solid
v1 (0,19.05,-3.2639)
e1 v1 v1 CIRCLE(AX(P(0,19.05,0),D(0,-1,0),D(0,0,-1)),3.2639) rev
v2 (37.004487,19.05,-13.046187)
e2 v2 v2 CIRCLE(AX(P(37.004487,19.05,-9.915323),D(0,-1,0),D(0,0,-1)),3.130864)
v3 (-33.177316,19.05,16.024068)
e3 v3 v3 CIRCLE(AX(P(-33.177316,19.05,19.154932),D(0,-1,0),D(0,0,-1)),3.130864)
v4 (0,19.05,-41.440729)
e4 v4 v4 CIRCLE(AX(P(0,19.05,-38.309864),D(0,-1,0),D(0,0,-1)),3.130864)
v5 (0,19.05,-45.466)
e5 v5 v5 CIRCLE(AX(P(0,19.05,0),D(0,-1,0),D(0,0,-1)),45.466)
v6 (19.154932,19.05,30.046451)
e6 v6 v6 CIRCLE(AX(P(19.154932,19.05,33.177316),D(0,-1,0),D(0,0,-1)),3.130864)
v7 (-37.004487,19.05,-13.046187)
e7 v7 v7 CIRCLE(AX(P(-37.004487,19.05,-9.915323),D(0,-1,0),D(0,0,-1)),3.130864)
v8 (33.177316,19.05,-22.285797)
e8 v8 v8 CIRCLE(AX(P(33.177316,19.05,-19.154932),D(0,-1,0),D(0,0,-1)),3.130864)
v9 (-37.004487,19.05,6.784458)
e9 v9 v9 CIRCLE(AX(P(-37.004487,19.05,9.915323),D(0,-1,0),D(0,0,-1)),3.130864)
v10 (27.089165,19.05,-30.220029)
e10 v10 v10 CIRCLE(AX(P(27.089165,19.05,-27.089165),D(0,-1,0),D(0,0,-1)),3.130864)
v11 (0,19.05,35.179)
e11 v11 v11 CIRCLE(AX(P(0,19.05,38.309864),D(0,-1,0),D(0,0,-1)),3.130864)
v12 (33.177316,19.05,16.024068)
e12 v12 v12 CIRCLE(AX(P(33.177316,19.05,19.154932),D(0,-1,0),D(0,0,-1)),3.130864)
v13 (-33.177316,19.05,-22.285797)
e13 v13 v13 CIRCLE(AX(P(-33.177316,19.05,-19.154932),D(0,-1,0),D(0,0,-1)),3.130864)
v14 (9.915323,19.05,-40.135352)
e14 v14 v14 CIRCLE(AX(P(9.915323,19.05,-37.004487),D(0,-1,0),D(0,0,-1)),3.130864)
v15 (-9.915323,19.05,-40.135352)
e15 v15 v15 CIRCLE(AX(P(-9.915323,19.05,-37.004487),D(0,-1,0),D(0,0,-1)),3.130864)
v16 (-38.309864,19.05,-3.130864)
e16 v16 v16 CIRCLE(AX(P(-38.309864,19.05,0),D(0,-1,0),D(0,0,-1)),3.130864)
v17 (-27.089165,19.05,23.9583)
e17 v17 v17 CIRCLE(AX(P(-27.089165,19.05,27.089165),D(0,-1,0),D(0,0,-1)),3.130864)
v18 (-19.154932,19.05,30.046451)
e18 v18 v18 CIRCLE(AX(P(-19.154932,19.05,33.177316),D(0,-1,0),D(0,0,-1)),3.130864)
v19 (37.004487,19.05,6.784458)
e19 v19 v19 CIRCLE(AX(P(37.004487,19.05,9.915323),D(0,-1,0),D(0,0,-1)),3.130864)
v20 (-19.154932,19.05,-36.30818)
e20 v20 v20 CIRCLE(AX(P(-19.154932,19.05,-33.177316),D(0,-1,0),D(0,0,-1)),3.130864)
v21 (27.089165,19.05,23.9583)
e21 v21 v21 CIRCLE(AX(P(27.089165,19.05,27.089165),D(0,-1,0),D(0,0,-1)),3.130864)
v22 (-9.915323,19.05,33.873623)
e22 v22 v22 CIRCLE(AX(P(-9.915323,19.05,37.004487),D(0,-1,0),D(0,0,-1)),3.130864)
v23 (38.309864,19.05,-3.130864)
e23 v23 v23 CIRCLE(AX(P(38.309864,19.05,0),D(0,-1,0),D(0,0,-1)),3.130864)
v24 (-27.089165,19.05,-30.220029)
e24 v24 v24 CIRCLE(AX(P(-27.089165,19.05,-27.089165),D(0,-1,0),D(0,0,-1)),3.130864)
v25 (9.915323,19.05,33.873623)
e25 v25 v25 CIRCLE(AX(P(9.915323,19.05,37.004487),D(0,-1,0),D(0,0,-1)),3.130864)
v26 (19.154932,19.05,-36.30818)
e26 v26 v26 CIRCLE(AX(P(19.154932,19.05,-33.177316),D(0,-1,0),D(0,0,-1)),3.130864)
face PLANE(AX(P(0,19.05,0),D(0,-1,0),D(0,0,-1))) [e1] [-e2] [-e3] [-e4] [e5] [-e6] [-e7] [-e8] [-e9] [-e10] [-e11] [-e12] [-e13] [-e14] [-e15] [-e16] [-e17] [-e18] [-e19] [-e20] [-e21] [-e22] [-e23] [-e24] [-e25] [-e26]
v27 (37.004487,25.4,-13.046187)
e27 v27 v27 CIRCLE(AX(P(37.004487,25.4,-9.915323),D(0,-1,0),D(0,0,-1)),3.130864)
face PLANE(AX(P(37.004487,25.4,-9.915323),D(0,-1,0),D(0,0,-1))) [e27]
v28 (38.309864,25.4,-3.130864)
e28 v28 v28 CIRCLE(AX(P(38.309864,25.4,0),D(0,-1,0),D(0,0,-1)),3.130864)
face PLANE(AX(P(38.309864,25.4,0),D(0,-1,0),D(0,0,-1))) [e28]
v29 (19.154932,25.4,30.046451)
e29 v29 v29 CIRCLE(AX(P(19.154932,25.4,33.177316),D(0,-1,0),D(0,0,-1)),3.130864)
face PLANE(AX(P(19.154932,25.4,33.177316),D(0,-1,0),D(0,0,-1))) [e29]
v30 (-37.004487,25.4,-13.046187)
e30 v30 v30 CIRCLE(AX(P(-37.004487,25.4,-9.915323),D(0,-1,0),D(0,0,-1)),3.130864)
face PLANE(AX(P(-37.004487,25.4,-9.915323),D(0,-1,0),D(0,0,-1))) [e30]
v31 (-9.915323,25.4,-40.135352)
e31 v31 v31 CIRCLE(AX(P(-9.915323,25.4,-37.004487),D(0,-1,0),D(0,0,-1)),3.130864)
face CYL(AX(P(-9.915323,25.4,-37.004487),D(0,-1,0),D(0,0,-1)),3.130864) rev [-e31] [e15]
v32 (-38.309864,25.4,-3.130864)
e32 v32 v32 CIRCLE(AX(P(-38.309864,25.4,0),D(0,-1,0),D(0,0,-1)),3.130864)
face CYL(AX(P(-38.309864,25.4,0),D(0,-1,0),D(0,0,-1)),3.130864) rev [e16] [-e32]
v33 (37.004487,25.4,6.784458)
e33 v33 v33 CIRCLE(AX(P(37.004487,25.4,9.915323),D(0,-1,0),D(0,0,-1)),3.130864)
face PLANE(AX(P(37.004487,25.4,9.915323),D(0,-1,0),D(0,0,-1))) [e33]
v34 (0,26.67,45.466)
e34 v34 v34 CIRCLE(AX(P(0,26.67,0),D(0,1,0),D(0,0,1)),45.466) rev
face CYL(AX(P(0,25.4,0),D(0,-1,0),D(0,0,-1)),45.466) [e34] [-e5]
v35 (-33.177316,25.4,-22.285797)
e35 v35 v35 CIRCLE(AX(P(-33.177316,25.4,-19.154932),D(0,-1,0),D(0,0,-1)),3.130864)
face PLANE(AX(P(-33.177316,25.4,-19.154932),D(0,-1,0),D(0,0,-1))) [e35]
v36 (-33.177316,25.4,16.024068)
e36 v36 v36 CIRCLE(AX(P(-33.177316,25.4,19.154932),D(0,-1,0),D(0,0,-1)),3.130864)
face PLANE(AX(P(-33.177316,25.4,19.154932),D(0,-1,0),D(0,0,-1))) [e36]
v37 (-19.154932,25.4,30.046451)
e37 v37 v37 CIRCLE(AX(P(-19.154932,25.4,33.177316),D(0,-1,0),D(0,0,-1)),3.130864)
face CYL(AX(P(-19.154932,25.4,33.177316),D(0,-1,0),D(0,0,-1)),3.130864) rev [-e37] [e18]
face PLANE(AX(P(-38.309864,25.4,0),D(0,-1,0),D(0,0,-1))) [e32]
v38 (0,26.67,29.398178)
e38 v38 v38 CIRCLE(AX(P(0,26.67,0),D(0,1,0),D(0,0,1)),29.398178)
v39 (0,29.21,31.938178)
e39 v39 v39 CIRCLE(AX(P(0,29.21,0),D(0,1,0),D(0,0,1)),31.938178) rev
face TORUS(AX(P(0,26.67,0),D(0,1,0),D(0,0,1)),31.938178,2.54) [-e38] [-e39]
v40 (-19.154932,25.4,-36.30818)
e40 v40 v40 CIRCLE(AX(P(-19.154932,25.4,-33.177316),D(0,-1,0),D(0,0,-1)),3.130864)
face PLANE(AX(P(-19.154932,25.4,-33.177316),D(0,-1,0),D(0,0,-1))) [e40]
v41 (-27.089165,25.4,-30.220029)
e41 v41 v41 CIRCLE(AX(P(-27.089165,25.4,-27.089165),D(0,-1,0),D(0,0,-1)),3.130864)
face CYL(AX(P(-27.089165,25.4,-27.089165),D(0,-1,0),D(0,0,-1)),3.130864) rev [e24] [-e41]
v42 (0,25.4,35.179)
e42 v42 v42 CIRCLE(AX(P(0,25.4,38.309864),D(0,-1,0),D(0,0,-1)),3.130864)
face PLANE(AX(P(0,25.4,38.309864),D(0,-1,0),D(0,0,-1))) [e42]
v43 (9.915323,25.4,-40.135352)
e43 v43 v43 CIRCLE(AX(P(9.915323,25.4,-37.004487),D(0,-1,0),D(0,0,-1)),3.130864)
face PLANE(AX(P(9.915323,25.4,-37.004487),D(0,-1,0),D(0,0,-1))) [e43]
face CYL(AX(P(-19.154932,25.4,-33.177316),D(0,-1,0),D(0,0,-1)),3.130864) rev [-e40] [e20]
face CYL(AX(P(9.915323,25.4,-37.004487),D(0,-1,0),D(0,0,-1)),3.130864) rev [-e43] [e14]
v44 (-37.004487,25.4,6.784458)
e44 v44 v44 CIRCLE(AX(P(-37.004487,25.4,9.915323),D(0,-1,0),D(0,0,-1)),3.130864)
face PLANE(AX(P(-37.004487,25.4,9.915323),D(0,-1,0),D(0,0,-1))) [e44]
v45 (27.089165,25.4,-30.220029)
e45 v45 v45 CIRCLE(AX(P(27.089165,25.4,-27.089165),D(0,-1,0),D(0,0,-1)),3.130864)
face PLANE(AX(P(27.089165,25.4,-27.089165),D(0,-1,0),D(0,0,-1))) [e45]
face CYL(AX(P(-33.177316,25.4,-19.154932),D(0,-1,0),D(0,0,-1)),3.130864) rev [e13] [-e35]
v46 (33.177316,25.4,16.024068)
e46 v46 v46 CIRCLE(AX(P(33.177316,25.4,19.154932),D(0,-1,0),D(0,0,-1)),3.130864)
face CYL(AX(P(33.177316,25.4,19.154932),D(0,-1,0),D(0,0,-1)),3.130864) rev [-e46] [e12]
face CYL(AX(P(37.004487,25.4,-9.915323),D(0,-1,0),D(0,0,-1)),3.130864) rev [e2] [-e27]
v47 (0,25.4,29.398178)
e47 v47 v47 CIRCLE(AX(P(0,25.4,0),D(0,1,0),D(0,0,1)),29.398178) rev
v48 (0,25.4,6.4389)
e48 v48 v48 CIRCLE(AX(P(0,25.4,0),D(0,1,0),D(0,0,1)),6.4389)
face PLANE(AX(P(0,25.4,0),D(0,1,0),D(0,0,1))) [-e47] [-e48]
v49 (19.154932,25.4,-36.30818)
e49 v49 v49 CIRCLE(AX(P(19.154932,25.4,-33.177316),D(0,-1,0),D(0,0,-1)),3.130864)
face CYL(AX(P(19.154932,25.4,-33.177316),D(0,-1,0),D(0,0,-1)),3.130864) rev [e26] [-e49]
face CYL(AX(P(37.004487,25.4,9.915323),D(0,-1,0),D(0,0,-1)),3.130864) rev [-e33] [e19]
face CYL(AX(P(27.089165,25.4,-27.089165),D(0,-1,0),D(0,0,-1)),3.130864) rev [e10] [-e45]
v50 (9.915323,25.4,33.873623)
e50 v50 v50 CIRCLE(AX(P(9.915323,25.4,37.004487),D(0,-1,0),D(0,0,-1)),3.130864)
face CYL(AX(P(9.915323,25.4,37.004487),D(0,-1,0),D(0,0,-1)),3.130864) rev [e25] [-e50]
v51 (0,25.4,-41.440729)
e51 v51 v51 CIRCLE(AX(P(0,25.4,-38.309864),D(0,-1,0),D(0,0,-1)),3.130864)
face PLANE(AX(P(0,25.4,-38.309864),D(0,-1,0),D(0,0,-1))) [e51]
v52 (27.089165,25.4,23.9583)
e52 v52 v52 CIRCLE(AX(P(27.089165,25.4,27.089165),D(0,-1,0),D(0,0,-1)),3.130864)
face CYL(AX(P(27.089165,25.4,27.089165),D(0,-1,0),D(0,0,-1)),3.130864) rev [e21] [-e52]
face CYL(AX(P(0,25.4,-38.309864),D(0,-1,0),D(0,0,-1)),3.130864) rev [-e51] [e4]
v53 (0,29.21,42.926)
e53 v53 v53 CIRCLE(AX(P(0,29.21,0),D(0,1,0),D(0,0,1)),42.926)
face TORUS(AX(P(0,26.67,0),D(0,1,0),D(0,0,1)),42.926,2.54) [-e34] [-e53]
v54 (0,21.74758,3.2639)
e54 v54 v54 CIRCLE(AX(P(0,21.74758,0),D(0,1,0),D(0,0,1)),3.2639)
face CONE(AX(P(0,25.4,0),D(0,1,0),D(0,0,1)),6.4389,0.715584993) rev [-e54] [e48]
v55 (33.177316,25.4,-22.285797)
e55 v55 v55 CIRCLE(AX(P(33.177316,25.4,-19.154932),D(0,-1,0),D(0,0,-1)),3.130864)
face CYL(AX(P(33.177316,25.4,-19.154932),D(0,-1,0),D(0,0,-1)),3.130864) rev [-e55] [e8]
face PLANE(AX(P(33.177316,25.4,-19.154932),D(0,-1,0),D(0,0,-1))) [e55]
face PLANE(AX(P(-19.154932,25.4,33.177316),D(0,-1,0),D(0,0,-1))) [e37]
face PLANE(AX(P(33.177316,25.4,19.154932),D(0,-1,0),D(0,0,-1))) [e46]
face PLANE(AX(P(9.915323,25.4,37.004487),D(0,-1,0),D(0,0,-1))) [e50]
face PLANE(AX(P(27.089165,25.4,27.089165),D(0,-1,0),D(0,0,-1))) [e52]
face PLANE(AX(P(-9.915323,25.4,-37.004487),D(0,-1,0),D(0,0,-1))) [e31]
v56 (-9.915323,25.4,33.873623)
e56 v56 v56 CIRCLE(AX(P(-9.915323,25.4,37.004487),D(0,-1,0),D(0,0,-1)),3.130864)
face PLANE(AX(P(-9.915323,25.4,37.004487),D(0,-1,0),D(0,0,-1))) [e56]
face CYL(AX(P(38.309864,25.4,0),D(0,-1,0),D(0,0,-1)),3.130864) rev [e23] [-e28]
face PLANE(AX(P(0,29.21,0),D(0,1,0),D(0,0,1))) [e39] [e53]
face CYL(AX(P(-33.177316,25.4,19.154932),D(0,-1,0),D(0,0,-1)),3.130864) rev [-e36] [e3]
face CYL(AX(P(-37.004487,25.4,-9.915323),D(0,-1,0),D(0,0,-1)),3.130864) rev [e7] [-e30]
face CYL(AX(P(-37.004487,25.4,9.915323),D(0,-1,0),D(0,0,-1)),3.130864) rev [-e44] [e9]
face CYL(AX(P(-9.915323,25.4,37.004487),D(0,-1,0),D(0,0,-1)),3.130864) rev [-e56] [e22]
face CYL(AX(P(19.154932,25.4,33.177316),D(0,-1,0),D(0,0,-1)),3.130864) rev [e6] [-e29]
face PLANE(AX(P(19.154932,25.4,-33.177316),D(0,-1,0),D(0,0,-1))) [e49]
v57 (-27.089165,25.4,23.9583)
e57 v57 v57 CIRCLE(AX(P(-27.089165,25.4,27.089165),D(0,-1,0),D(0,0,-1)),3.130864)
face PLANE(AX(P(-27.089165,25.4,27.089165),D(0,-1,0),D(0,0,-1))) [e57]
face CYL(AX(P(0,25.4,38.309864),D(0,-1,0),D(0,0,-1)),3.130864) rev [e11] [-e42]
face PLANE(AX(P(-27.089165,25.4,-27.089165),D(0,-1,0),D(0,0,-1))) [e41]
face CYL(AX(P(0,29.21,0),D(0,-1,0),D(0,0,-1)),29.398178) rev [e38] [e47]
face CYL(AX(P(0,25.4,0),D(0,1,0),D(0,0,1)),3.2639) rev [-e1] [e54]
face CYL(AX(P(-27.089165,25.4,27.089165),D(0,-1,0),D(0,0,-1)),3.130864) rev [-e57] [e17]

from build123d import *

# Parameters (mm, degrees)
SKETCH1_R                                        = 45.466
BOSS_EXTRUDE1_DEPTH                              = 25.4
CSK_FOR_1_4_FLAT_HEAD_MACHINE_SCREW1_D           = 6.5278
CSK_FOR_1_4_FLAT_HEAD_MACHINE_SCREW1_DEPTH       = 25.4
CSK_FOR_1_4_FLAT_HEAD_MACHINE_SCREW1_CSINK_D     = 12.8778
CSK_FOR_1_4_FLAT_HEAD_MACHINE_SCREW1_CSINK_ANGLE = 82
CSK_FOR_1_4_FLAT_HEAD_MACHINE_SCREW1_TIP         = 1.961148974
SKETCH9_R                                        = 53.031918303
CUT_EXTRUDE3_DEPTH                               = 12.7
SKETCH11_R                                       = 48.963999794
CUT_EXTRUDE4_DEPTH                               = 6.35
SKETCH13_R                                       = 45.466
SKETCH13_R_2                                     = 29.398178488
BOSS_EXTRUDE2_DEPTH                              = 3.81
SKETCH12_R                                       = 3.130864452
CUT_EXTRUDE5_DEPTH                               = 6.35
FILLET1_R                                        = 2.54


with BuildPart() as part:
    # Sketch1 → Boss-Extrude1 (new body)
    with BuildSketch(Plane(origin=(0, 0, 0), x_dir=(1, 0, 0), z_dir=(0, 1, 0))):
        Circle(SKETCH1_R)
    extrude(amount=BOSS_EXTRUDE1_DEPTH)

    # CSK for 1/4 Flat Head Machine Screw1
    with Locations(Plane(origin=(0, 25.4, 0), x_dir=(1, 0, 0), z_dir=(0, 1, 0))):
        with Locations((0, 0)):
            CounterSinkHole(CSK_FOR_1_4_FLAT_HEAD_MACHINE_SCREW1_D / 2, CSK_FOR_1_4_FLAT_HEAD_MACHINE_SCREW1_CSINK_D / 2, depth=CSK_FOR_1_4_FLAT_HEAD_MACHINE_SCREW1_DEPTH, counter_sink_angle=CSK_FOR_1_4_FLAT_HEAD_MACHINE_SCREW1_CSINK_ANGLE)
            with Locations((0, 0, -(CSK_FOR_1_4_FLAT_HEAD_MACHINE_SCREW1_DEPTH + CSK_FOR_1_4_FLAT_HEAD_MACHINE_SCREW1_TIP / 2))):  # 118° drill point
                Cone(0, CSK_FOR_1_4_FLAT_HEAD_MACHINE_SCREW1_D / 2, CSK_FOR_1_4_FLAT_HEAD_MACHINE_SCREW1_TIP, mode=Mode.SUBTRACT)

    # Sketch9 → Cut-Extrude3 (cut)
    with BuildSketch(Plane.XZ):
        Circle(SKETCH9_R)
    extrude(amount=-CUT_EXTRUDE3_DEPTH, mode=Mode.SUBTRACT)

    # Sketch11 → Cut-Extrude4 (cut)
    with BuildSketch(Plane.XZ.offset(-12.7)):
        Circle(SKETCH11_R)
    extrude(amount=-CUT_EXTRUDE4_DEPTH, mode=Mode.SUBTRACT)

    # Sketch13 → Boss-Extrude2 (add)
    with BuildSketch(Plane(origin=(0, 25.4, 0), x_dir=(1, 0, 0), z_dir=(0, 1, 0))):
        Circle(SKETCH13_R)
        Circle(SKETCH13_R_2, mode=Mode.SUBTRACT)
    extrude(amount=BOSS_EXTRUDE2_DEPTH)

    # Sketch12 → Cut-Extrude5 (cut)
    with BuildSketch(Plane.XZ.offset(-19.05)):
        with Locations((0, 38.309864452)):
            Circle(SKETCH12_R)
        with Locations((9.915322535, 37.004487476)):
            Circle(SKETCH12_R)
        with Locations((19.154932226, 33.177315831)):
            Circle(SKETCH12_R)
        with Locations((27.08916494, 27.08916494)):
            Circle(SKETCH12_R)
        with Locations((33.177315831, 19.154932226)):
            Circle(SKETCH12_R)
        with Locations((37.004487476, 9.915322535)):
            Circle(SKETCH12_R)
        with Locations((38.309864452, 0)):
            Circle(SKETCH12_R)
        with Locations((37.004487476, -9.915322535)):
            Circle(SKETCH12_R)
        with Locations((33.177315831, -19.154932226)):
            Circle(SKETCH12_R)
        with Locations((27.08916494, -27.08916494)):
            Circle(SKETCH12_R)
        with Locations((19.154932226, -33.177315831)):
            Circle(SKETCH12_R)
        with Locations((9.915322535, -37.004487476)):
            Circle(SKETCH12_R)
        with Locations((0, -38.309864452)):
            Circle(SKETCH12_R)
        with Locations((-9.915322535, -37.004487476)):
            Circle(SKETCH12_R)
        with Locations((-19.154932226, -33.177315831)):
            Circle(SKETCH12_R)
        with Locations((-27.08916494, -27.08916494)):
            Circle(SKETCH12_R)
        with Locations((-33.177315831, -19.154932226)):
            Circle(SKETCH12_R)
        with Locations((-37.004487476, -9.915322535)):
            Circle(SKETCH12_R)
        with Locations((-38.309864452, 0)):
            Circle(SKETCH12_R)
        with Locations((-37.004487476, 9.915322535)):
            Circle(SKETCH12_R)
        with Locations((-33.177315831, 19.154932226)):
            Circle(SKETCH12_R)
        with Locations((-27.08916494, 27.08916494)):
            Circle(SKETCH12_R)
        with Locations((-19.154932226, 33.177315831)):
            Circle(SKETCH12_R)
        with Locations((-9.915322535, 37.004487476)):
            Circle(SKETCH12_R)
    extrude(amount=-CUT_EXTRUDE5_DEPTH, mode=Mode.SUBTRACT)

    # Fillet1
    fillet1_edges = [part.edges().sort_by_distance(p)[0] for p in [
        (-45.466, 29.21, 0),
        (-29.398178488, 29.21, 0),
    ]]
    fillet(fillet1_edges, radius=FILLET1_R)


solid = part.part
